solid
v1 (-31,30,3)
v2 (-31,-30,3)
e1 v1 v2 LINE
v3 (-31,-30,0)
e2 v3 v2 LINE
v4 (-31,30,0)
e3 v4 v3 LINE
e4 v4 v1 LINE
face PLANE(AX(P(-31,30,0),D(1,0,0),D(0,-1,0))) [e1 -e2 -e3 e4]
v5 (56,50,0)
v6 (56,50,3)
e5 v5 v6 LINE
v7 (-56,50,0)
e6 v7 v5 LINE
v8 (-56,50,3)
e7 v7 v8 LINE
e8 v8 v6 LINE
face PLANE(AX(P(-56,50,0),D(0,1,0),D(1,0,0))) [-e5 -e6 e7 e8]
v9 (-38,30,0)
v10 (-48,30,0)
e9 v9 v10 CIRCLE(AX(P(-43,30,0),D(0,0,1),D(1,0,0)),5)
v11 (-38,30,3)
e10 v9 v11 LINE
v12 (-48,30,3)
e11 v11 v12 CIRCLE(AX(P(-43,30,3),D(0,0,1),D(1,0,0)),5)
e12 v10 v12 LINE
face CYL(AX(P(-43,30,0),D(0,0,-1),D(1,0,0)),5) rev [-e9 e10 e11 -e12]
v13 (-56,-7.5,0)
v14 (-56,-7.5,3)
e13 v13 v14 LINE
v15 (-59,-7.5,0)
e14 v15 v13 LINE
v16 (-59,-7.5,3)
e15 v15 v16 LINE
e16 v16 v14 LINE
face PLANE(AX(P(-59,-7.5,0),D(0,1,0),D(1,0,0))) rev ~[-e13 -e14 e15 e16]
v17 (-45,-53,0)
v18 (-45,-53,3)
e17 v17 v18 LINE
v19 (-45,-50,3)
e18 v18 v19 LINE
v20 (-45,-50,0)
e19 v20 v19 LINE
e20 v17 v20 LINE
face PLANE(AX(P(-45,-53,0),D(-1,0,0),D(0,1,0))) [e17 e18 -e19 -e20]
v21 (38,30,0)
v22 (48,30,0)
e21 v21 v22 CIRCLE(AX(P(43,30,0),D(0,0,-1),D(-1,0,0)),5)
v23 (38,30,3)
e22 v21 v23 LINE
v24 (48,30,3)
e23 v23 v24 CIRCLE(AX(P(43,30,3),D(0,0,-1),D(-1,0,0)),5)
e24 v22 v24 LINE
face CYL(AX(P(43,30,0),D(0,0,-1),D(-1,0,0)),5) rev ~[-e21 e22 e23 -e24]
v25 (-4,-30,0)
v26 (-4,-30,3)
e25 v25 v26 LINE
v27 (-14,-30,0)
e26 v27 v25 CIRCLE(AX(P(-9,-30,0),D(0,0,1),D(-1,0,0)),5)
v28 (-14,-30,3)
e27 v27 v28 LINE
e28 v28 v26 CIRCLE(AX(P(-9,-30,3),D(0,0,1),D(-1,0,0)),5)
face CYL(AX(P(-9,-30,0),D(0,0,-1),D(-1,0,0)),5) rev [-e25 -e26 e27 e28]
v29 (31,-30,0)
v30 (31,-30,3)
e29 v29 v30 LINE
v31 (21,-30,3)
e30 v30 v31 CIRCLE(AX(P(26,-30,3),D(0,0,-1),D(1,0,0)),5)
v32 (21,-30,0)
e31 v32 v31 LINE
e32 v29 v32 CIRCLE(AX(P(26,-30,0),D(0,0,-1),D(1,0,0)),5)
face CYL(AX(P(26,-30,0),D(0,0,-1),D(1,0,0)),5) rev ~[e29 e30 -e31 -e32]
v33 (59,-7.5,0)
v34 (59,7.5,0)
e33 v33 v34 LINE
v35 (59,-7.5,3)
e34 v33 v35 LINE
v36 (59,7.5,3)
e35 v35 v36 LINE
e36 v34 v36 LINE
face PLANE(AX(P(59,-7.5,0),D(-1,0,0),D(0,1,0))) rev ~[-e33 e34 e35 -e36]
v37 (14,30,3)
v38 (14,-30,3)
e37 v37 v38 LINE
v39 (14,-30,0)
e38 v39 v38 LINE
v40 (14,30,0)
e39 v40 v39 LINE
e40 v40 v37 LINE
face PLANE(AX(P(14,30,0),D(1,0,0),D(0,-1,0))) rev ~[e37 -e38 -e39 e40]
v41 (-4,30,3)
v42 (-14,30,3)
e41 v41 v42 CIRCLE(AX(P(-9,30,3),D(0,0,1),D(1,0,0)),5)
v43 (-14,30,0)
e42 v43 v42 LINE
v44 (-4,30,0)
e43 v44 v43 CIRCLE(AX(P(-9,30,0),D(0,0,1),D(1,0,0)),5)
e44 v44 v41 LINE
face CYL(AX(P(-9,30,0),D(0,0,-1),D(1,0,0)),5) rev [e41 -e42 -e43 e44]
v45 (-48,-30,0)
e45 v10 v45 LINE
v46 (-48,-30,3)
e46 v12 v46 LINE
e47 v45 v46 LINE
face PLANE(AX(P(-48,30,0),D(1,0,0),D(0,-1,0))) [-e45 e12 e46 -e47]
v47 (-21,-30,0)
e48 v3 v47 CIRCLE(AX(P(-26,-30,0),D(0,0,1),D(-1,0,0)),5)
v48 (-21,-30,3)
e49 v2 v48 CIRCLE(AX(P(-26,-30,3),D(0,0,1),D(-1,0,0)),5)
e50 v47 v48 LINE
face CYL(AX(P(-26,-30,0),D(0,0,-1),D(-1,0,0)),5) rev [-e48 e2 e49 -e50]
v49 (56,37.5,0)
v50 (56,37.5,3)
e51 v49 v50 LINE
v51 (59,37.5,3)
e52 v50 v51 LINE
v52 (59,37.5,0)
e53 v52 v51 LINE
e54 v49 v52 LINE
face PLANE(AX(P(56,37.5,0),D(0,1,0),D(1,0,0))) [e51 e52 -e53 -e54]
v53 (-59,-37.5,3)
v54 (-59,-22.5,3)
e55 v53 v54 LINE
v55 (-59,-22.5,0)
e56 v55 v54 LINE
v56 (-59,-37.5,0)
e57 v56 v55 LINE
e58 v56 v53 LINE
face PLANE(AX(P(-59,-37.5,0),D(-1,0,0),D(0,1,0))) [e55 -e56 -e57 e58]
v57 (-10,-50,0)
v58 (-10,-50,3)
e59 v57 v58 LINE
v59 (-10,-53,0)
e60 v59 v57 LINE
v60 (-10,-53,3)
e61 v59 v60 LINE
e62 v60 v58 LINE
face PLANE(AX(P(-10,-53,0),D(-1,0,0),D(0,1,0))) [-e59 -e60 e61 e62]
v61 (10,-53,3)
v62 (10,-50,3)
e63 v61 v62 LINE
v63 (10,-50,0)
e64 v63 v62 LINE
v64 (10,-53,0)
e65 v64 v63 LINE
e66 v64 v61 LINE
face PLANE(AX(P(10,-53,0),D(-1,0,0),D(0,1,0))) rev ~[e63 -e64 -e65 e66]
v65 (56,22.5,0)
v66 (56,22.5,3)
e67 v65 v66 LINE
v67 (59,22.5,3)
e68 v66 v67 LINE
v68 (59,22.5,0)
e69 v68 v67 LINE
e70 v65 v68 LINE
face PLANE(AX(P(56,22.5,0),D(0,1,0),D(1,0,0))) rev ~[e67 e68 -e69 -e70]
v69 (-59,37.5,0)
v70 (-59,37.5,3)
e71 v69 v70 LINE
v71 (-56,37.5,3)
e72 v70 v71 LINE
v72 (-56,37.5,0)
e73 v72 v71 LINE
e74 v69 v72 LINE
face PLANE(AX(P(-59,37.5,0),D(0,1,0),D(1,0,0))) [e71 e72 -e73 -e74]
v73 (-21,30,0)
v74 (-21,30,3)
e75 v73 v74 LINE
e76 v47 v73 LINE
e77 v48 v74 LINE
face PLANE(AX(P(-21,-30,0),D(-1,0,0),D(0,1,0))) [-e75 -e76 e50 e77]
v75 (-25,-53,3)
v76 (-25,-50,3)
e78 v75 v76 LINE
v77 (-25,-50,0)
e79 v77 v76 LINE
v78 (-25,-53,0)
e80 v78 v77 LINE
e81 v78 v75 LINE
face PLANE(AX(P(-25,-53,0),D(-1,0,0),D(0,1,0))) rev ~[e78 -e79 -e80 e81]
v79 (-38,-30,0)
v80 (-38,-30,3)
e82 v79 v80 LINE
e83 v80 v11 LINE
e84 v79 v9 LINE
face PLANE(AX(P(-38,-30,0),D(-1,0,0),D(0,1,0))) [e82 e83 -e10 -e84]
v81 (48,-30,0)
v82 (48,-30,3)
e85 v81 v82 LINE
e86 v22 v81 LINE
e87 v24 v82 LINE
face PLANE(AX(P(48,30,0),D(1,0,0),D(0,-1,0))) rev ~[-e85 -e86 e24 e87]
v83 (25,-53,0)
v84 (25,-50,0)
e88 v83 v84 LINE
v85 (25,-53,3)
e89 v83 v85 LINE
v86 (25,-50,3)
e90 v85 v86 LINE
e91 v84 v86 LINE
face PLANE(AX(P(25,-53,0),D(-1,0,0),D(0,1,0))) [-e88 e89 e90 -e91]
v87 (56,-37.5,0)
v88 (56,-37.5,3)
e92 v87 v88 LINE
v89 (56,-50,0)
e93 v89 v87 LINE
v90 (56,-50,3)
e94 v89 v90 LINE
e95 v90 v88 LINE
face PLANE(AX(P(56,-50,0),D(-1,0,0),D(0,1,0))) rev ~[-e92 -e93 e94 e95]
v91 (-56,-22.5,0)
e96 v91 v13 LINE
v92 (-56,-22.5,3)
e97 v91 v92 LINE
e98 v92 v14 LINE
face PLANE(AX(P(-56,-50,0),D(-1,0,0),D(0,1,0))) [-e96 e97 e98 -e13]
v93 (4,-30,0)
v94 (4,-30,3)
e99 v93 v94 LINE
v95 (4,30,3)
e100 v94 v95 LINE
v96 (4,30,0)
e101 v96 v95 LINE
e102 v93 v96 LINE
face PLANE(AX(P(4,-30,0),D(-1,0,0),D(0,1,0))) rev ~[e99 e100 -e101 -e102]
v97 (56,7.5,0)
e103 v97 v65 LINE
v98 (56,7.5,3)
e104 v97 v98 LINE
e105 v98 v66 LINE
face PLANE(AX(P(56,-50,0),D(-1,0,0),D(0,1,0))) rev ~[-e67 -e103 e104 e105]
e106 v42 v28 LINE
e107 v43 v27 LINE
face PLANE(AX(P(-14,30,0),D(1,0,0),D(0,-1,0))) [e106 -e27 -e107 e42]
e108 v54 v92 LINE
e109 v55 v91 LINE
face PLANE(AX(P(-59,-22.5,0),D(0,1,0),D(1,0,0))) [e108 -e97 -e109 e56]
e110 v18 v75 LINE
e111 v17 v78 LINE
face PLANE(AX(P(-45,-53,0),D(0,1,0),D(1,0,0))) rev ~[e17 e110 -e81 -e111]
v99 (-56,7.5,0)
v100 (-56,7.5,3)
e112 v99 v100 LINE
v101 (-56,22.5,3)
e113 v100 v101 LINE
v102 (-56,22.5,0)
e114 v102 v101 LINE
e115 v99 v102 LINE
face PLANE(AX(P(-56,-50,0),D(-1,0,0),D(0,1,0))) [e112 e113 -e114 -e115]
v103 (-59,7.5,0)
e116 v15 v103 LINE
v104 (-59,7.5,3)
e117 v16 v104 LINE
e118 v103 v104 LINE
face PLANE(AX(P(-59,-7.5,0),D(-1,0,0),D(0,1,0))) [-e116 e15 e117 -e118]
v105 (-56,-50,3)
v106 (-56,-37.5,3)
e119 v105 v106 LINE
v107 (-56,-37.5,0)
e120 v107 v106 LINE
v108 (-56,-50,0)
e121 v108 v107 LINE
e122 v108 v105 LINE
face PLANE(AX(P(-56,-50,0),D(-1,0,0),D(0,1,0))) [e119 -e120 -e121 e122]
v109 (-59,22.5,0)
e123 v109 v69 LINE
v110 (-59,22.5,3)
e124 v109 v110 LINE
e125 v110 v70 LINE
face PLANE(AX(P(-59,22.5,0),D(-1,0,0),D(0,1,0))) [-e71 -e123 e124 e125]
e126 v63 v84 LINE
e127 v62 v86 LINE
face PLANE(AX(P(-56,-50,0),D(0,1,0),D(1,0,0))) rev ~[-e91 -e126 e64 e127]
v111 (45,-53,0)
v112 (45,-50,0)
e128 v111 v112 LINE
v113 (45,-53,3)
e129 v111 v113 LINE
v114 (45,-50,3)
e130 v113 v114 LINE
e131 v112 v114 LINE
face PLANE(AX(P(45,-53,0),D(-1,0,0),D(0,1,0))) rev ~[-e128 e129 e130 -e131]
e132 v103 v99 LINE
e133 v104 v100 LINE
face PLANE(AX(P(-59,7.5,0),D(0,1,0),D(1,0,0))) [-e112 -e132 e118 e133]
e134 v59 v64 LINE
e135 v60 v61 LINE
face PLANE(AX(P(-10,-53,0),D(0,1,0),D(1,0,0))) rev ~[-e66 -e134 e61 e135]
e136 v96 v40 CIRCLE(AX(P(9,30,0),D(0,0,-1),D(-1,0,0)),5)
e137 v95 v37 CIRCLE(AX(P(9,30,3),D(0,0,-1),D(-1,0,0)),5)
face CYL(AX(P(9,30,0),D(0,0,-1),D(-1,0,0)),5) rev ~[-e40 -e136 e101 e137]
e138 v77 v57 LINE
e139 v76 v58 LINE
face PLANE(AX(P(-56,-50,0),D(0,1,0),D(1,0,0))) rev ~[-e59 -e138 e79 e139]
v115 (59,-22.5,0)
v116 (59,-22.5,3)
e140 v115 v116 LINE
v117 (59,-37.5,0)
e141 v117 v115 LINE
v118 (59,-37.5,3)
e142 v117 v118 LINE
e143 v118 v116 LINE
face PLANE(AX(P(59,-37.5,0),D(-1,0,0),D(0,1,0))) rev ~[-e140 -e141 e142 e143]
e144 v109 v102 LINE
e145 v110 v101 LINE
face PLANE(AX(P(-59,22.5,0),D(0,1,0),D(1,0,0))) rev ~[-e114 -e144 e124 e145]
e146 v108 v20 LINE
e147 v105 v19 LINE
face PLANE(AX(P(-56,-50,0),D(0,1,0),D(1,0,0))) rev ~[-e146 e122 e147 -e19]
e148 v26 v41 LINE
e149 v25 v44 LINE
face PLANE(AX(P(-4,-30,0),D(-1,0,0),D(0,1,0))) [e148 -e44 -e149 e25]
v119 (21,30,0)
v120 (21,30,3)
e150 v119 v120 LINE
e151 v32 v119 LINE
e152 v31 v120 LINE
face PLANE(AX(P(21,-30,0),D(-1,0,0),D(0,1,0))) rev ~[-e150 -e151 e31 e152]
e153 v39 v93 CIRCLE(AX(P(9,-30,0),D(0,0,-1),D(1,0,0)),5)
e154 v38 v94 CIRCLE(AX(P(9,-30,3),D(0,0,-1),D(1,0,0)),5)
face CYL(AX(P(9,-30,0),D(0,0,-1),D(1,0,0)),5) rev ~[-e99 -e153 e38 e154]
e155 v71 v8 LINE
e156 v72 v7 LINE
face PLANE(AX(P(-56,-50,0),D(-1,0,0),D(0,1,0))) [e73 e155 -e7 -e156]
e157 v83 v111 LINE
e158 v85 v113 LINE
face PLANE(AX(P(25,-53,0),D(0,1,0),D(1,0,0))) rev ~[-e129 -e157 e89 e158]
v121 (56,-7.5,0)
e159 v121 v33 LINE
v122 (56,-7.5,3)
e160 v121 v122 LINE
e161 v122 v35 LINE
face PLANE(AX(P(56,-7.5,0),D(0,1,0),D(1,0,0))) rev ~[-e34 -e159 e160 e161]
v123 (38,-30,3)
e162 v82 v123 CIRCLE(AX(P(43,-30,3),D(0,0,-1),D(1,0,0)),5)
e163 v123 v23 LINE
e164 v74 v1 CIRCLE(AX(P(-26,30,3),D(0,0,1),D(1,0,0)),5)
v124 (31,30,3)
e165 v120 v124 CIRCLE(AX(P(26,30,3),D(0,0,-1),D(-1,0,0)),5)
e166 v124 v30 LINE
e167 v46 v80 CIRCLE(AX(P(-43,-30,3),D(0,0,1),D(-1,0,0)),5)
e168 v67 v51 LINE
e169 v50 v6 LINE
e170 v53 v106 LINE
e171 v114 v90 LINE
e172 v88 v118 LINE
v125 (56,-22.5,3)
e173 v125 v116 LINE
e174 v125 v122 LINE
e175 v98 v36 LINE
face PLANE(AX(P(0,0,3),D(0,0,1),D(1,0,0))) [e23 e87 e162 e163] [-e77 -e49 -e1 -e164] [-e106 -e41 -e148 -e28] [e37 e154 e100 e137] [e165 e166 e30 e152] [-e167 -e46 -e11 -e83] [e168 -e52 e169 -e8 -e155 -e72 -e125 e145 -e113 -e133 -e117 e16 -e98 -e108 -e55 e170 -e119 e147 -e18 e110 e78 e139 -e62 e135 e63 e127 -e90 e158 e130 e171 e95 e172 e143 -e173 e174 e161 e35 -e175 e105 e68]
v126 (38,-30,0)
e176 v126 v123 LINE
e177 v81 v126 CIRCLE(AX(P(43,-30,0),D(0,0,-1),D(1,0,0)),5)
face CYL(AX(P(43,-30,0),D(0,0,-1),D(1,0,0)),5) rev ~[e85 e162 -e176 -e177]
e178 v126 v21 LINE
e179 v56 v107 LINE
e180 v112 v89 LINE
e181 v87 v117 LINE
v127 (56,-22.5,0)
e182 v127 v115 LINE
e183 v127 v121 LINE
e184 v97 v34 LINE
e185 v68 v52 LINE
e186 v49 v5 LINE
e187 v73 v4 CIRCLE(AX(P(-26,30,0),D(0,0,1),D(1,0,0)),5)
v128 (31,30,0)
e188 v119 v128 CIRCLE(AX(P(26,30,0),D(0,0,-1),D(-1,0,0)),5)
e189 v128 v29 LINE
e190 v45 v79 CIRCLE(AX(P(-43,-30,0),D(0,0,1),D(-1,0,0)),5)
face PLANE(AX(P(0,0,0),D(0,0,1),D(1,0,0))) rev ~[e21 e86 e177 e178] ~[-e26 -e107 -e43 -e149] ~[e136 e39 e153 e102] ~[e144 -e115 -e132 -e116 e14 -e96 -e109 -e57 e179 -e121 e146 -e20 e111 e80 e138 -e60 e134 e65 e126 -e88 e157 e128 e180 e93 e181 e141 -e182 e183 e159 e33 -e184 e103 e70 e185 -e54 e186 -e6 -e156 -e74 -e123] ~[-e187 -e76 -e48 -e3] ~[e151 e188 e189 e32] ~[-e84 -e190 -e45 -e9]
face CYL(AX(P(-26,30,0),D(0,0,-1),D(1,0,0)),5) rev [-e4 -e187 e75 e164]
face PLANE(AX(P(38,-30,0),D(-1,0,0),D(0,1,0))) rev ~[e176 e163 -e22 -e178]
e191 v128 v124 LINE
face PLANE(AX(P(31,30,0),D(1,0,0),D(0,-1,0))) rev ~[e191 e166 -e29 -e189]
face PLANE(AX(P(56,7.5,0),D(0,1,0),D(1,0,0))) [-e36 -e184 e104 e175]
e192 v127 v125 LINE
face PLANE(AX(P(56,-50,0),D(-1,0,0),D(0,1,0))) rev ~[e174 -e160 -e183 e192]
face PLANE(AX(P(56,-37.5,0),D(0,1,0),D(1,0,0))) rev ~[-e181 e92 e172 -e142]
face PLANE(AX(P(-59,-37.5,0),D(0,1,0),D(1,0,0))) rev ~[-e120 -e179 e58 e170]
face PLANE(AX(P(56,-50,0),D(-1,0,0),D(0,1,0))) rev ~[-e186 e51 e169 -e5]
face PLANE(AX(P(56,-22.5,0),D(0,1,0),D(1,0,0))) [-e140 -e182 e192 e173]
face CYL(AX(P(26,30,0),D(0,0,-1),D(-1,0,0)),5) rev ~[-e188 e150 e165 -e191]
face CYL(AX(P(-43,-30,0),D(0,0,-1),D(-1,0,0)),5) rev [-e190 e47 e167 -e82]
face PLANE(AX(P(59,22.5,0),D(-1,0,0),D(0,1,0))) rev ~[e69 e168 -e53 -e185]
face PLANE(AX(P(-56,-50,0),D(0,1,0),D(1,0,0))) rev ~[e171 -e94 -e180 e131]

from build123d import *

# Parameters (mm, degrees)
SKETCH1_W           = 3
SKETCH1_H           = 15
SKETCH1_W_2         = 112
SKETCH1_H_2         = 100
SKETCH1_W_3         = 20
SKETCH1_H_3         = 3
BOSS_EXTRUDE1_DEPTH = 3


with BuildPart() as part:
    # Sketch1 → Boss-Extrude1 (new body)
    # profile 1 of 10: a face of its own
    with BuildSketch(Plane.XY):
        with Locations((-57.5, 30)):
            Rectangle(SKETCH1_W, SKETCH1_H)
    # profile 2 of 10: a face of its own
    with BuildSketch(Plane.XY):
        Rectangle(SKETCH1_W_2, SKETCH1_H_2)
        with BuildLine():
            ThreePointArc((-4, 30), (-9, 35), (-14, 30))
            Line((-14, 30), (-14, -30))
            ThreePointArc((-14, -30), (-9, -35), (-4, -30))
            Line((-4, -30), (-4, 30))
        make_face(mode=Mode.SUBTRACT)
        with BuildLine():
            ThreePointArc((-21, 30), (-26, 35), (-31, 30))
            Line((-31, 30), (-31, -30))
            ThreePointArc((-31, -30), (-26, -35), (-21, -30))
            Line((-21, -30), (-21, 30))
        make_face(mode=Mode.SUBTRACT)
        with BuildLine():
            ThreePointArc((-38, 30), (-43, 35), (-48, 30))
            Line((-48, 30), (-48, -30))
            ThreePointArc((-48, -30), (-43, -35), (-38, -30))
            Line((-38, -30), (-38, 30))
        make_face(mode=Mode.SUBTRACT)
        with BuildLine():
            Line((4, -30), (4, 30))
            ThreePointArc((4, 30), (9, 35), (14, 30))
            Line((14, 30), (14, -30))
            ThreePointArc((14, -30), (9, -35), (4, -30))
        make_face(mode=Mode.SUBTRACT)
        with BuildLine():
            Line((21, -30), (21, 30))
            ThreePointArc((21, 30), (26, 35), (31, 30))
            Line((31, 30), (31, -30))
            ThreePointArc((31, -30), (26, -35), (21, -30))
        make_face(mode=Mode.SUBTRACT)
        with BuildLine():
            Line((38, -30), (38, 30))
            ThreePointArc((38, 30), (43, 35), (48, 30))
            Line((48, 30), (48, -30))
            ThreePointArc((48, -30), (43, -35), (38, -30))
        make_face(mode=Mode.SUBTRACT)
    # profile 3 of 10: a face of its own
    with BuildSketch(Plane.XY):
        with Locations((-57.5, 0)):
            Rectangle(SKETCH1_W, SKETCH1_H)
    # profile 4 of 10: a face of its own
    with BuildSketch(Plane.XY):
        with Locations((-35, -51.5)):
            Rectangle(SKETCH1_W_3, SKETCH1_H_3)
    # profile 5 of 10: a face of its own
    with BuildSketch(Plane.XY):
        with Locations((0, -51.5)):
            Rectangle(SKETCH1_W_3, SKETCH1_H_3)
    # profile 6 of 10: a face of its own
    with BuildSketch(Plane.XY):
        with Locations((35, -51.5)):
            Rectangle(SKETCH1_W_3, SKETCH1_H_3)
    # profile 7 of 10: a face of its own
    with BuildSketch(Plane.XY):
        with Locations((57.5, 0)):
            Rectangle(SKETCH1_W, SKETCH1_H)
    # profile 8 of 10: a face of its own
    with BuildSketch(Plane.XY):
        with Locations((57.5, 30)):
            Rectangle(SKETCH1_W, SKETCH1_H)
    # profile 9 of 10: a face of its own
    with BuildSketch(Plane.XY):
        with Locations((-57.5, -30)):
            Rectangle(SKETCH1_W, SKETCH1_H)
    # profile 10 of 10: a face of its own
    with BuildSketch(Plane.XY):
        with Locations((57.5, -30)):
            Rectangle(SKETCH1_W, SKETCH1_H)
    extrude(amount=BOSS_EXTRUDE1_DEPTH)


solid = part.part
